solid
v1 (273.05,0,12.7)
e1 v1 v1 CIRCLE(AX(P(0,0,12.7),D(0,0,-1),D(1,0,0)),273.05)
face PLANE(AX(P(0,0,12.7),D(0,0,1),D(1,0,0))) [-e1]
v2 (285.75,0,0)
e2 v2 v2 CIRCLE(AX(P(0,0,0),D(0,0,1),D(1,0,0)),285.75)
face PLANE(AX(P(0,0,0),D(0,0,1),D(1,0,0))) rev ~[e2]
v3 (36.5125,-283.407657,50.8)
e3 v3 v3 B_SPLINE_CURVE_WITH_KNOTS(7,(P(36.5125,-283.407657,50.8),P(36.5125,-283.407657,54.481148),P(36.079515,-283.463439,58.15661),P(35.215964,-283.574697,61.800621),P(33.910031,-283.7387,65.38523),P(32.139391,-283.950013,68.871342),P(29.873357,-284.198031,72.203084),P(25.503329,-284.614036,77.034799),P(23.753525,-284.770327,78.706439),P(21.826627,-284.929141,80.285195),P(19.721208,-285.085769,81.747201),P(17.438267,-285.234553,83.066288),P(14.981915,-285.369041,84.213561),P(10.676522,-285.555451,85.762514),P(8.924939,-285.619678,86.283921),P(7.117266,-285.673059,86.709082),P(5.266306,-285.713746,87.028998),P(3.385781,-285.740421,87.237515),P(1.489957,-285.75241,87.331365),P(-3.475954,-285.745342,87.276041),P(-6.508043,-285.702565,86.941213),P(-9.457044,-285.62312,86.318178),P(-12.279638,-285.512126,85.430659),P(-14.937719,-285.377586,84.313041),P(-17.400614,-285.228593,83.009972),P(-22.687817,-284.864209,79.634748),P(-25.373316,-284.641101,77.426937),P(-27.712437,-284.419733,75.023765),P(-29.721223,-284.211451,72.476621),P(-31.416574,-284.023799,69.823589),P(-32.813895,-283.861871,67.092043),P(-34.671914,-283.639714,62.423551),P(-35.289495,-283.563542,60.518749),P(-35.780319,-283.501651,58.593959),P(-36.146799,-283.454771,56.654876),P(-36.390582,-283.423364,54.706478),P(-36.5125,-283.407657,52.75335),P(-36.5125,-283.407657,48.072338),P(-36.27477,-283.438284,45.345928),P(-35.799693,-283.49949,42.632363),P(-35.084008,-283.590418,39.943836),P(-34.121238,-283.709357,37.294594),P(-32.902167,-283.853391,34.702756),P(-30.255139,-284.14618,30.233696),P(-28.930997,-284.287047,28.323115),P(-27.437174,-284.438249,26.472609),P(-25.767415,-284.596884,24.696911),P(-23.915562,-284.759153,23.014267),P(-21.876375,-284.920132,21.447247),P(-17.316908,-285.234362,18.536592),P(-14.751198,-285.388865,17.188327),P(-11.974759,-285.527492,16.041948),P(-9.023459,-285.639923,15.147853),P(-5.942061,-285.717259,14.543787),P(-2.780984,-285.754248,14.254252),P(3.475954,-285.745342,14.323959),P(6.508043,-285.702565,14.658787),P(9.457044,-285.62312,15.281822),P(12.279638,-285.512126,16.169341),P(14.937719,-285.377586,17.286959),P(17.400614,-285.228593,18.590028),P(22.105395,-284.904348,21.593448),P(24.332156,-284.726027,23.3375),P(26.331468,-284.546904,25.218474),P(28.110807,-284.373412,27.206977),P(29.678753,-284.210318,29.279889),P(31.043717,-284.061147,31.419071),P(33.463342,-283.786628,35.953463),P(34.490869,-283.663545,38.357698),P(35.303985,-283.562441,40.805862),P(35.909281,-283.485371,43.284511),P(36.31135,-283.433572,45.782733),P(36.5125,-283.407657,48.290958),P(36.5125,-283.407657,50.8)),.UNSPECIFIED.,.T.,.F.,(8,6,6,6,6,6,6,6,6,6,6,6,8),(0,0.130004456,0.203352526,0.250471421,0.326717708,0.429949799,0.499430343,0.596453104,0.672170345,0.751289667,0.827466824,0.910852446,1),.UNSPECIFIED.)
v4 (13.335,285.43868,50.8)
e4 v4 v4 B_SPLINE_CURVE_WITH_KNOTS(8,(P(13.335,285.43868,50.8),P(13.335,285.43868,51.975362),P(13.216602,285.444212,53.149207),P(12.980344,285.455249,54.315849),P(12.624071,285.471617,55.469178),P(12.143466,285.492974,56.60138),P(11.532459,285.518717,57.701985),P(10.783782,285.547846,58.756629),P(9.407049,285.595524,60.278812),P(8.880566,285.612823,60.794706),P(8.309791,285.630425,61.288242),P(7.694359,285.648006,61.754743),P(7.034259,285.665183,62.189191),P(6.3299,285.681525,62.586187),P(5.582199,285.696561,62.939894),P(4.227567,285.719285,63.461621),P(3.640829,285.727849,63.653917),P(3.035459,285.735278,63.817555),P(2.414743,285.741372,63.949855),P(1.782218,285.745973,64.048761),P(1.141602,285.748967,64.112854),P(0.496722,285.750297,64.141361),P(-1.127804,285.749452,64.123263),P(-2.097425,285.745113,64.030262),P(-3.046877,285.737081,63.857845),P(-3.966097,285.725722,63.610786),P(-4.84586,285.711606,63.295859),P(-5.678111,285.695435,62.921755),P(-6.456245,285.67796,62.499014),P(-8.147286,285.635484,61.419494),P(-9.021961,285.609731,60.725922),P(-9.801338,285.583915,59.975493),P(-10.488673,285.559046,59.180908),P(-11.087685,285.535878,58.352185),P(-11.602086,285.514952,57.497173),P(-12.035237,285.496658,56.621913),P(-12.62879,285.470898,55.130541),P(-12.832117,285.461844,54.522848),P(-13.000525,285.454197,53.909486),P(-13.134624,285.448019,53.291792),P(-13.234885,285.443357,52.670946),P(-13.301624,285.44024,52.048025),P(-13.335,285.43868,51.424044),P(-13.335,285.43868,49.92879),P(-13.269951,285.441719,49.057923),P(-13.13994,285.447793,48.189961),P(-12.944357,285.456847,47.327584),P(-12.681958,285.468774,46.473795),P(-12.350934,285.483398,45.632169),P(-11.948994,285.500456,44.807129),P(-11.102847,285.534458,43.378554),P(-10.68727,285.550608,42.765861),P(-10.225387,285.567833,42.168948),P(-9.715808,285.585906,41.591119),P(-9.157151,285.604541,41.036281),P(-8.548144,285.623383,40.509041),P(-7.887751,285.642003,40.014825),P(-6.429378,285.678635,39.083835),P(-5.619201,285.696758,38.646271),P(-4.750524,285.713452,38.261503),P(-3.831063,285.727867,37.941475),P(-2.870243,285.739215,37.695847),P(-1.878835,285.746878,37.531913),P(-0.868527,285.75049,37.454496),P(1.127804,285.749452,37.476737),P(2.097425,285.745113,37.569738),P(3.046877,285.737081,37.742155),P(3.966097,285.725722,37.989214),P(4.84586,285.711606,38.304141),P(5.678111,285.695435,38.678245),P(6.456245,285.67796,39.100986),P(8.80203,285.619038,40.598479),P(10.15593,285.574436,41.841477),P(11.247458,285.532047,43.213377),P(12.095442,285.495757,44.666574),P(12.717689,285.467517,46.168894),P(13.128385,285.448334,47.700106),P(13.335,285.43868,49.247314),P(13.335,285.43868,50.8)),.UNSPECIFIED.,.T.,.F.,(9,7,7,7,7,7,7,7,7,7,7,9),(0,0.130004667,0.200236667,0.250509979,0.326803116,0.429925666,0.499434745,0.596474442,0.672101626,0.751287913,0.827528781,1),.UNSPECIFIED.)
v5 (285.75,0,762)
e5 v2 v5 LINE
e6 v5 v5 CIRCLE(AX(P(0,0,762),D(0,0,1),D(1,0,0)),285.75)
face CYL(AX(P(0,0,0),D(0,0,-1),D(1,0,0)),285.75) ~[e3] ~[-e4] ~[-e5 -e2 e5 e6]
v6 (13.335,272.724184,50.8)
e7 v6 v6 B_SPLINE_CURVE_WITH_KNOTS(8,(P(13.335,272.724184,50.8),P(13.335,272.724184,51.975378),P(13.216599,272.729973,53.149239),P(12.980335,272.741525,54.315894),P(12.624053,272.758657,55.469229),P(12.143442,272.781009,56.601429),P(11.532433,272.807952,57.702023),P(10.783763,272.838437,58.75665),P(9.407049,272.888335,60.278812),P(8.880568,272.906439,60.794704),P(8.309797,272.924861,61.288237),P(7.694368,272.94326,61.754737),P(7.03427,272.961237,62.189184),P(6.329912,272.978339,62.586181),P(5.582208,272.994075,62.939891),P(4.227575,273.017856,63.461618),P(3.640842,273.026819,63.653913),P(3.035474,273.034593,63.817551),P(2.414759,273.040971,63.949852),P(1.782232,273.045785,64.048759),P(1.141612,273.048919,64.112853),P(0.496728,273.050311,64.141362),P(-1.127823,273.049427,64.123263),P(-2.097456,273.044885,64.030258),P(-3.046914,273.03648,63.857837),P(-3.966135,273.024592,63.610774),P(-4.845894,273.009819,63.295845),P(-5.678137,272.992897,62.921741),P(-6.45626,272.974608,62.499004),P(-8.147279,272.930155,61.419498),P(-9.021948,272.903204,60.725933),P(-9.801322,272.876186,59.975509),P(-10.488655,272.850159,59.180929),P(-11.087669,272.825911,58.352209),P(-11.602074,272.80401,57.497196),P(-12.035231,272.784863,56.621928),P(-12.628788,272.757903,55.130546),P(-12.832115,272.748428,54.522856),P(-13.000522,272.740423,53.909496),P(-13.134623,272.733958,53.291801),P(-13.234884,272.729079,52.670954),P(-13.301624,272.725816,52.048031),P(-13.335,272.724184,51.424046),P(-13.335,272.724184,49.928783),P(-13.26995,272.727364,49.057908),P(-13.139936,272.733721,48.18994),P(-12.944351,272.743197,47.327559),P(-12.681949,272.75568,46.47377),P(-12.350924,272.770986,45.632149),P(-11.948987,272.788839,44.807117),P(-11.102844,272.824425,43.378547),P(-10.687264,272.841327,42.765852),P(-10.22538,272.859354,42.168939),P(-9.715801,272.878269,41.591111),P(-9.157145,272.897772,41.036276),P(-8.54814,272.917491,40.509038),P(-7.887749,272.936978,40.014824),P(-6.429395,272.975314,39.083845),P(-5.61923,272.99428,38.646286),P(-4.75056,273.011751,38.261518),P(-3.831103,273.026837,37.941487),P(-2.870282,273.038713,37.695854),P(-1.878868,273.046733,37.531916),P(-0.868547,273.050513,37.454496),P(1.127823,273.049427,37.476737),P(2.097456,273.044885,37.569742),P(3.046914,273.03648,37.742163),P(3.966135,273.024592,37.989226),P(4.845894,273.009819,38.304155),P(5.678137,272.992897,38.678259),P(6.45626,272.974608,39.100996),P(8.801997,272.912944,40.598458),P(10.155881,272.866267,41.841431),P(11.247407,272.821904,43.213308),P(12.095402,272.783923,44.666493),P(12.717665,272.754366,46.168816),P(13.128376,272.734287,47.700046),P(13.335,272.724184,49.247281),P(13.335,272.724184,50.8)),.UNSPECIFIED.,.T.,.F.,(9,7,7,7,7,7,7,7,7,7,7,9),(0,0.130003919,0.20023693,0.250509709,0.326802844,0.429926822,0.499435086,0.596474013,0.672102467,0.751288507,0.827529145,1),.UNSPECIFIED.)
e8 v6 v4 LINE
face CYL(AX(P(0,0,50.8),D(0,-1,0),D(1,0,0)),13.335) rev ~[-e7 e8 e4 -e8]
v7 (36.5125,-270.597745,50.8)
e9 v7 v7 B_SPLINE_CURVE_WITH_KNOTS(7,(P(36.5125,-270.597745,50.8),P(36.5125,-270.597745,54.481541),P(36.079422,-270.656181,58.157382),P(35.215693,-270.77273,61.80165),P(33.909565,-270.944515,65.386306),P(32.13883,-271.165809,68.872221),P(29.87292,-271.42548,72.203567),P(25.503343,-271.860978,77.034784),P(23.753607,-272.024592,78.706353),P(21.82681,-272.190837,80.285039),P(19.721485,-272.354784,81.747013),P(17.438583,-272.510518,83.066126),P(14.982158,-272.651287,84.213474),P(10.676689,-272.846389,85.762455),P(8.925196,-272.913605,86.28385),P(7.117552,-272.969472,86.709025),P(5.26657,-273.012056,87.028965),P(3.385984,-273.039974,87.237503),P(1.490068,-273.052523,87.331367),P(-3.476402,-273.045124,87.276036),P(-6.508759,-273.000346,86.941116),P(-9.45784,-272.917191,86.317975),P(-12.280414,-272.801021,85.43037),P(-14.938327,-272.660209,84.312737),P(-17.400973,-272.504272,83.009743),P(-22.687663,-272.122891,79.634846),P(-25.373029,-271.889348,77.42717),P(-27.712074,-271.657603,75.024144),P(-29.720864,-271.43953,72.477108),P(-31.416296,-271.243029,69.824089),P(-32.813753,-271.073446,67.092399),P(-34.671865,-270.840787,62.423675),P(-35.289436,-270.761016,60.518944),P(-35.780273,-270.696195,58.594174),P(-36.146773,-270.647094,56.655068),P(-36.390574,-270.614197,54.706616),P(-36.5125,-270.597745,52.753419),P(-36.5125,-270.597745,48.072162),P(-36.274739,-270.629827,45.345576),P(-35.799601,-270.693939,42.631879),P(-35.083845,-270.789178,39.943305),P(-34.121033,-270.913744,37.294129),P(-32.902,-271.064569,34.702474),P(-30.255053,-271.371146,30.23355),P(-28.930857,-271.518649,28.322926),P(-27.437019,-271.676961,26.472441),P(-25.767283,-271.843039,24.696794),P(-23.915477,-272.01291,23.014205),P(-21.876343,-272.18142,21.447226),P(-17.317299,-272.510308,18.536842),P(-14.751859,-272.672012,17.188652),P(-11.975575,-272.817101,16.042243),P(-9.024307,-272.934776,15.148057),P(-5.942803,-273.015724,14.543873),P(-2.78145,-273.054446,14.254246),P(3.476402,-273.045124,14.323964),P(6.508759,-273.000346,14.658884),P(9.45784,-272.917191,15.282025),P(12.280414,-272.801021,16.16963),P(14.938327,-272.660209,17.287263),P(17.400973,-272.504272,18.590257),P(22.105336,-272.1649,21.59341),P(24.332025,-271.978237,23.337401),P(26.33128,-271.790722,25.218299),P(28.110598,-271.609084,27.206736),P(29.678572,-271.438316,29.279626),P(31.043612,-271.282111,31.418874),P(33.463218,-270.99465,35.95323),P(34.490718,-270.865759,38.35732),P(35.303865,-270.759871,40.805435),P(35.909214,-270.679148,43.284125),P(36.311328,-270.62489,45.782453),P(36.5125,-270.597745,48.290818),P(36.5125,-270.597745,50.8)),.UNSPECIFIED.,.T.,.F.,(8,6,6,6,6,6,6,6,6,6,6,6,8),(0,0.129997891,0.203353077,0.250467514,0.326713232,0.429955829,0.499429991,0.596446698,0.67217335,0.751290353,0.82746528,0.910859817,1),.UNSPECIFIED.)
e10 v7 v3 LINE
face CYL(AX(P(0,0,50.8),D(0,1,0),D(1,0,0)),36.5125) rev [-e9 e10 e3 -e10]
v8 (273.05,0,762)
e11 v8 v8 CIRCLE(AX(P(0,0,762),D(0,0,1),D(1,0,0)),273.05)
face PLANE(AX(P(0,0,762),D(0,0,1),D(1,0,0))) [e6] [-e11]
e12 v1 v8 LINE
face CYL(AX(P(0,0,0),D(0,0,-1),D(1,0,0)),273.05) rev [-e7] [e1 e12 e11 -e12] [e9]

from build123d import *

# Parameters (mm, degrees)
F0_R     = 285.75
F1_DEPTH = 762
F2_T     = -12.7
F3_R     = 36.5125
F4_DEPTH = 327.66
F5_R     = 13.335
F6_DEPTH = 345.44


with BuildPart() as f1:
    # F0 (on Top) → F1 (new body)
    with BuildSketch(Plane.XY):
        Circle(F0_R)
    extrude(amount=F1_DEPTH)

    # F2
    f2_openings = [f1.faces().sort_by_distance(p)[0] for p in [
        (0, 0, 762),
    ]]
    offset(amount=F2_T, openings=f2_openings)

    # F3 (on Front) → F4 (cut)
    with BuildSketch(Plane.XZ):
        with Locations((0, 50.8)):
            Circle(F3_R)
    extrude(amount=F4_DEPTH, mode=Mode.SUBTRACT)

    # F5 (on Front) → F6 (cut)
    with BuildSketch(Plane.XZ):
        with Locations((0, 50.8)):
            Circle(F5_R)
    extrude(amount=-F6_DEPTH, mode=Mode.SUBTRACT)


solid = f1.part
